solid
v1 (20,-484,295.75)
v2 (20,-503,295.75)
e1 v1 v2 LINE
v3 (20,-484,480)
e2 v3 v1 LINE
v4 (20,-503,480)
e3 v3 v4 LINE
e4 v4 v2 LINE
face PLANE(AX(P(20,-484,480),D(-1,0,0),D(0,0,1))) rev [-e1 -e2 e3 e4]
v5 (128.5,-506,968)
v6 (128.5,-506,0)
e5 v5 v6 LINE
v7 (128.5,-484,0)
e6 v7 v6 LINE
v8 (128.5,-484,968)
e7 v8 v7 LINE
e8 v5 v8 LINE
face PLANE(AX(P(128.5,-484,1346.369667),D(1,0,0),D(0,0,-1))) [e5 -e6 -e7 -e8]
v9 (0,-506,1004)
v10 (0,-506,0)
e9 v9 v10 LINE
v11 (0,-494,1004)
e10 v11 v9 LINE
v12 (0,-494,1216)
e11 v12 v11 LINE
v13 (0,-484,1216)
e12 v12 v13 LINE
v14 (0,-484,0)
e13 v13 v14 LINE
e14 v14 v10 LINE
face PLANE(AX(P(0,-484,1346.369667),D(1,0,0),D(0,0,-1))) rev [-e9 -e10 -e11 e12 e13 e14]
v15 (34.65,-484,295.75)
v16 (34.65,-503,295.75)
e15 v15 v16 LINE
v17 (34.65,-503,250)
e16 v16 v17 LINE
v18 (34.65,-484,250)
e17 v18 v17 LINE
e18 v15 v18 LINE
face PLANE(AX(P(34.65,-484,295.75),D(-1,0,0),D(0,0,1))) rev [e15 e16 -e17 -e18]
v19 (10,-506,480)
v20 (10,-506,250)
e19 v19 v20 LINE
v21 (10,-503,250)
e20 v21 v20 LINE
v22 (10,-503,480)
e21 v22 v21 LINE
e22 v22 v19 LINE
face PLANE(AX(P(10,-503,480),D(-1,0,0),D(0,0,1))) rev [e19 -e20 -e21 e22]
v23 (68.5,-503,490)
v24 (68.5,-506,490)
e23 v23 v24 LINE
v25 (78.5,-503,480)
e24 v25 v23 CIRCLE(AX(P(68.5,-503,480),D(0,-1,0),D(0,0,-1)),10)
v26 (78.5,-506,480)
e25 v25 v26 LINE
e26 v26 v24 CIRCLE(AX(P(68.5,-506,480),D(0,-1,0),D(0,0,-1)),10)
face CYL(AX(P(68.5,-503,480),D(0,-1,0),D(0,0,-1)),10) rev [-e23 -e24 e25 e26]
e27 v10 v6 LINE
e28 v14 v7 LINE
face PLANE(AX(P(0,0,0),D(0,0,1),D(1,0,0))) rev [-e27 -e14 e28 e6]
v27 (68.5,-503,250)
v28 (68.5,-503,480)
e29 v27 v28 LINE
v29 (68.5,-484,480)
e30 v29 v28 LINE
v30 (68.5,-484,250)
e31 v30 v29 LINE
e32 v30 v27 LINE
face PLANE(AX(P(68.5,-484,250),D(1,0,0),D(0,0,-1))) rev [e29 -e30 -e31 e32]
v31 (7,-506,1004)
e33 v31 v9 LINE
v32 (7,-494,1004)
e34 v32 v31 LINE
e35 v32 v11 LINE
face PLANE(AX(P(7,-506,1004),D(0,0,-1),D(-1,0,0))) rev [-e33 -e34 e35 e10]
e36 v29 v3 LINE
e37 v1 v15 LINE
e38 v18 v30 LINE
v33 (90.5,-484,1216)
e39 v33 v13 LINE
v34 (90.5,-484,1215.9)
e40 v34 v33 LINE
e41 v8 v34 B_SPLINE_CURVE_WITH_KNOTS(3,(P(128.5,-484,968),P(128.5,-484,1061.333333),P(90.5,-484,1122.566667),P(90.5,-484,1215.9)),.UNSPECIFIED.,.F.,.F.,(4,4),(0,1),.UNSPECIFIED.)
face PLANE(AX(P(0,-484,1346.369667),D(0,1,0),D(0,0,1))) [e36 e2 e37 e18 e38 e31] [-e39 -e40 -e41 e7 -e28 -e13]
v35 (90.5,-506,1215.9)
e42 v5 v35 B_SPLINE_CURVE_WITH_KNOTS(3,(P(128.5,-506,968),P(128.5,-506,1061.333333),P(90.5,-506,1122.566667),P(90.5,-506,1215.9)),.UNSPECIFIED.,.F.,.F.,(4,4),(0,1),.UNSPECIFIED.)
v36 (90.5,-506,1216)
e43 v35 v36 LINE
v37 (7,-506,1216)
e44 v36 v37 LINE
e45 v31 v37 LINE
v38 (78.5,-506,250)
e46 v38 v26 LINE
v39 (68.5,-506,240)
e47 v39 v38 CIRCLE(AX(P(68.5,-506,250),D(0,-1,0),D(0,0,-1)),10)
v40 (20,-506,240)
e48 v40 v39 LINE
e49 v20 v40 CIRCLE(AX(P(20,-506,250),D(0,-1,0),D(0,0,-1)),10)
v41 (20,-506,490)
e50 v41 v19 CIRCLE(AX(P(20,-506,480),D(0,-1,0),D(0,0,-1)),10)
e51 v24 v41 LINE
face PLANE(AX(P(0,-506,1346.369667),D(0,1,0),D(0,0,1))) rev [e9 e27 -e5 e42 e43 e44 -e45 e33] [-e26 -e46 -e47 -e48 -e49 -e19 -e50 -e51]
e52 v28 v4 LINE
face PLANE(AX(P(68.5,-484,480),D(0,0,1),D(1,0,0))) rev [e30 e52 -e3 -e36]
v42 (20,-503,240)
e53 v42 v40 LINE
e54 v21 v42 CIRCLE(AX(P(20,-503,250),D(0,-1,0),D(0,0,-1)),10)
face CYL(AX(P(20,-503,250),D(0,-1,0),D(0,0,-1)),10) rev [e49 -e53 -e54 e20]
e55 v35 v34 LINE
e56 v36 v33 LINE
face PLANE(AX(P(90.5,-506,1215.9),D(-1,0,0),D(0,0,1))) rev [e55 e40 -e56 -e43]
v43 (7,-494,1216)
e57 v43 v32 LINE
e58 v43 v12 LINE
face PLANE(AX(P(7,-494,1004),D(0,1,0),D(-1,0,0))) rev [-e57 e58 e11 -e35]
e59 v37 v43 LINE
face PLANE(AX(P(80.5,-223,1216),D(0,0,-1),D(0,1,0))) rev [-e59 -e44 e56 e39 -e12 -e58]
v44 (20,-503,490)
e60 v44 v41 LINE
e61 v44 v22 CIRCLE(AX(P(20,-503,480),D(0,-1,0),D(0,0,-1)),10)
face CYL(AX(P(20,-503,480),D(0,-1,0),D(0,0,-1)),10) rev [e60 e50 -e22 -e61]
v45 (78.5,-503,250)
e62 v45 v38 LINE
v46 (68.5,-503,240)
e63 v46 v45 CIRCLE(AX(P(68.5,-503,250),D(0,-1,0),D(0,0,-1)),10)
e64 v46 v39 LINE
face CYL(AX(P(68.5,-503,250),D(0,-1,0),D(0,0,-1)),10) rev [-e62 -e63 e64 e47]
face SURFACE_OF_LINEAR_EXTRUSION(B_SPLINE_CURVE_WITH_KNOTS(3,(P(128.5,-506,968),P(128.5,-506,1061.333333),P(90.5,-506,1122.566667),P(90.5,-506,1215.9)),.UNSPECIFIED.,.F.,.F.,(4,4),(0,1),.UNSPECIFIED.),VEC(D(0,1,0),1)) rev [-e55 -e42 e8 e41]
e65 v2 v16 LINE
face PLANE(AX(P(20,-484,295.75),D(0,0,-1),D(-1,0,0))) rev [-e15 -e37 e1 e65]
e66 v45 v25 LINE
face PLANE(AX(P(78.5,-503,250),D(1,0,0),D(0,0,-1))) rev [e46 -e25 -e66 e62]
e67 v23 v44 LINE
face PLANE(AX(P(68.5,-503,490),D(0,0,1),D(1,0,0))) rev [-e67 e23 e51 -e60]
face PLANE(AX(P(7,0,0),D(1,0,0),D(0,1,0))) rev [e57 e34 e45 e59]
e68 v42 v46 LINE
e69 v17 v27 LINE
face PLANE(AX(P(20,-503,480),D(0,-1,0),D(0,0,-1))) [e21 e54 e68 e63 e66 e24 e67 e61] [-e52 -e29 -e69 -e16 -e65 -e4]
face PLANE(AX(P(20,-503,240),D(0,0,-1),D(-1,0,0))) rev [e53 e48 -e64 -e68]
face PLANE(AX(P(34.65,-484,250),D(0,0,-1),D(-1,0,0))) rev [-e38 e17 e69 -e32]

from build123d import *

# Parameters (mm, degrees)
ESQUISSE1_W             = 128.5
ESQUISSE1_H             = 22
BOSS_EXTRU_1_DEPTH      = 1216
ENL_V_MAT_EXTRU_1_DEPTH = 23
ESQUISSE5_W             = 212
ESQUISSE5_H             = 12
ENL_V_MAT_EXTRU_2_DEPTH = 7
ENL_V_MAT_EXTRU_3_DEPTH = 3
ENL_V_MAT_EXTRU_4_DEPTH = 20.0000001


with BuildPart() as part:
    # Esquisse1 → Boss.-Extru.1 (new body)
    with BuildSketch(Plane.XY):
        with Locations((64.25, -495)):
            Rectangle(ESQUISSE1_W, ESQUISSE1_H)
    extrude(amount=BOSS_EXTRU_1_DEPTH)

    # Esquisse4 → Enlèv. mat.-Extru.1 (cut, through all)
    with BuildSketch(Plane(origin=(0, -484, 0), x_dir=(1, 0, 0), z_dir=(0, 1, 0))):
        with BuildLine():
            Line((90.5, -1215.9), (90.5, -1216))
            Line((90.5, -1216), (128.5, -1216))
            Line((128.5, -1216), (128.5, -968))
            add(Edge.make_bspline(
                [(128.5, -968), (128.5, -1061.333333333), (90.5, -1122.566666667), (90.5, -1215.9)],
                knots=[0, 0, 0, 0, 1, 1, 1, 1], degree=3))
        make_face()
    extrude(amount=-ENL_V_MAT_EXTRU_1_DEPTH, mode=Mode.SUBTRACT)

    # Esquisse5 → Enlèv. mat.-Extru.2 (cut)
    with BuildSketch(Plane.ZY):
        with Locations((1110, -500)):
            Rectangle(ESQUISSE5_W, ESQUISSE5_H)
    extrude(amount=-ENL_V_MAT_EXTRU_2_DEPTH, mode=Mode.SUBTRACT)

    # Esquisse6 → Enlèv. mat.-Extru.3 (cut)
    with BuildSketch(Plane.XZ.offset(506)):
        with BuildLine():
            Line((10, 480), (10, 250))
            ThreePointArc((10, 250), (12.928932188, 242.928932188), (20, 240))
            Line((20, 240), (68.5, 240))
            ThreePointArc((68.5, 240), (75.571067812, 242.928932188), (78.5, 250))
            Line((78.5, 250), (78.5, 480))
            ThreePointArc((78.5, 480), (75.571067812, 487.071067812), (68.5, 490))
            Line((68.5, 490), (20, 490))
            ThreePointArc((20, 490), (12.928932188, 487.071067812), (10, 480))
        make_face()
    extrude(amount=-ENL_V_MAT_EXTRU_3_DEPTH, mode=Mode.SUBTRACT)

    # Esquisse11 → Enlèv. mat.-Extru.4 (cut, through all)
    with BuildSketch(Plane.XZ.offset(503)):
        Polygon((68.5, 480), (20, 480), (20, 295.75), (34.65, 295.75), (34.65, 250), (68.5, 250), align=None)
    extrude(amount=-ENL_V_MAT_EXTRU_4_DEPTH, mode=Mode.SUBTRACT)


solid = part.part
